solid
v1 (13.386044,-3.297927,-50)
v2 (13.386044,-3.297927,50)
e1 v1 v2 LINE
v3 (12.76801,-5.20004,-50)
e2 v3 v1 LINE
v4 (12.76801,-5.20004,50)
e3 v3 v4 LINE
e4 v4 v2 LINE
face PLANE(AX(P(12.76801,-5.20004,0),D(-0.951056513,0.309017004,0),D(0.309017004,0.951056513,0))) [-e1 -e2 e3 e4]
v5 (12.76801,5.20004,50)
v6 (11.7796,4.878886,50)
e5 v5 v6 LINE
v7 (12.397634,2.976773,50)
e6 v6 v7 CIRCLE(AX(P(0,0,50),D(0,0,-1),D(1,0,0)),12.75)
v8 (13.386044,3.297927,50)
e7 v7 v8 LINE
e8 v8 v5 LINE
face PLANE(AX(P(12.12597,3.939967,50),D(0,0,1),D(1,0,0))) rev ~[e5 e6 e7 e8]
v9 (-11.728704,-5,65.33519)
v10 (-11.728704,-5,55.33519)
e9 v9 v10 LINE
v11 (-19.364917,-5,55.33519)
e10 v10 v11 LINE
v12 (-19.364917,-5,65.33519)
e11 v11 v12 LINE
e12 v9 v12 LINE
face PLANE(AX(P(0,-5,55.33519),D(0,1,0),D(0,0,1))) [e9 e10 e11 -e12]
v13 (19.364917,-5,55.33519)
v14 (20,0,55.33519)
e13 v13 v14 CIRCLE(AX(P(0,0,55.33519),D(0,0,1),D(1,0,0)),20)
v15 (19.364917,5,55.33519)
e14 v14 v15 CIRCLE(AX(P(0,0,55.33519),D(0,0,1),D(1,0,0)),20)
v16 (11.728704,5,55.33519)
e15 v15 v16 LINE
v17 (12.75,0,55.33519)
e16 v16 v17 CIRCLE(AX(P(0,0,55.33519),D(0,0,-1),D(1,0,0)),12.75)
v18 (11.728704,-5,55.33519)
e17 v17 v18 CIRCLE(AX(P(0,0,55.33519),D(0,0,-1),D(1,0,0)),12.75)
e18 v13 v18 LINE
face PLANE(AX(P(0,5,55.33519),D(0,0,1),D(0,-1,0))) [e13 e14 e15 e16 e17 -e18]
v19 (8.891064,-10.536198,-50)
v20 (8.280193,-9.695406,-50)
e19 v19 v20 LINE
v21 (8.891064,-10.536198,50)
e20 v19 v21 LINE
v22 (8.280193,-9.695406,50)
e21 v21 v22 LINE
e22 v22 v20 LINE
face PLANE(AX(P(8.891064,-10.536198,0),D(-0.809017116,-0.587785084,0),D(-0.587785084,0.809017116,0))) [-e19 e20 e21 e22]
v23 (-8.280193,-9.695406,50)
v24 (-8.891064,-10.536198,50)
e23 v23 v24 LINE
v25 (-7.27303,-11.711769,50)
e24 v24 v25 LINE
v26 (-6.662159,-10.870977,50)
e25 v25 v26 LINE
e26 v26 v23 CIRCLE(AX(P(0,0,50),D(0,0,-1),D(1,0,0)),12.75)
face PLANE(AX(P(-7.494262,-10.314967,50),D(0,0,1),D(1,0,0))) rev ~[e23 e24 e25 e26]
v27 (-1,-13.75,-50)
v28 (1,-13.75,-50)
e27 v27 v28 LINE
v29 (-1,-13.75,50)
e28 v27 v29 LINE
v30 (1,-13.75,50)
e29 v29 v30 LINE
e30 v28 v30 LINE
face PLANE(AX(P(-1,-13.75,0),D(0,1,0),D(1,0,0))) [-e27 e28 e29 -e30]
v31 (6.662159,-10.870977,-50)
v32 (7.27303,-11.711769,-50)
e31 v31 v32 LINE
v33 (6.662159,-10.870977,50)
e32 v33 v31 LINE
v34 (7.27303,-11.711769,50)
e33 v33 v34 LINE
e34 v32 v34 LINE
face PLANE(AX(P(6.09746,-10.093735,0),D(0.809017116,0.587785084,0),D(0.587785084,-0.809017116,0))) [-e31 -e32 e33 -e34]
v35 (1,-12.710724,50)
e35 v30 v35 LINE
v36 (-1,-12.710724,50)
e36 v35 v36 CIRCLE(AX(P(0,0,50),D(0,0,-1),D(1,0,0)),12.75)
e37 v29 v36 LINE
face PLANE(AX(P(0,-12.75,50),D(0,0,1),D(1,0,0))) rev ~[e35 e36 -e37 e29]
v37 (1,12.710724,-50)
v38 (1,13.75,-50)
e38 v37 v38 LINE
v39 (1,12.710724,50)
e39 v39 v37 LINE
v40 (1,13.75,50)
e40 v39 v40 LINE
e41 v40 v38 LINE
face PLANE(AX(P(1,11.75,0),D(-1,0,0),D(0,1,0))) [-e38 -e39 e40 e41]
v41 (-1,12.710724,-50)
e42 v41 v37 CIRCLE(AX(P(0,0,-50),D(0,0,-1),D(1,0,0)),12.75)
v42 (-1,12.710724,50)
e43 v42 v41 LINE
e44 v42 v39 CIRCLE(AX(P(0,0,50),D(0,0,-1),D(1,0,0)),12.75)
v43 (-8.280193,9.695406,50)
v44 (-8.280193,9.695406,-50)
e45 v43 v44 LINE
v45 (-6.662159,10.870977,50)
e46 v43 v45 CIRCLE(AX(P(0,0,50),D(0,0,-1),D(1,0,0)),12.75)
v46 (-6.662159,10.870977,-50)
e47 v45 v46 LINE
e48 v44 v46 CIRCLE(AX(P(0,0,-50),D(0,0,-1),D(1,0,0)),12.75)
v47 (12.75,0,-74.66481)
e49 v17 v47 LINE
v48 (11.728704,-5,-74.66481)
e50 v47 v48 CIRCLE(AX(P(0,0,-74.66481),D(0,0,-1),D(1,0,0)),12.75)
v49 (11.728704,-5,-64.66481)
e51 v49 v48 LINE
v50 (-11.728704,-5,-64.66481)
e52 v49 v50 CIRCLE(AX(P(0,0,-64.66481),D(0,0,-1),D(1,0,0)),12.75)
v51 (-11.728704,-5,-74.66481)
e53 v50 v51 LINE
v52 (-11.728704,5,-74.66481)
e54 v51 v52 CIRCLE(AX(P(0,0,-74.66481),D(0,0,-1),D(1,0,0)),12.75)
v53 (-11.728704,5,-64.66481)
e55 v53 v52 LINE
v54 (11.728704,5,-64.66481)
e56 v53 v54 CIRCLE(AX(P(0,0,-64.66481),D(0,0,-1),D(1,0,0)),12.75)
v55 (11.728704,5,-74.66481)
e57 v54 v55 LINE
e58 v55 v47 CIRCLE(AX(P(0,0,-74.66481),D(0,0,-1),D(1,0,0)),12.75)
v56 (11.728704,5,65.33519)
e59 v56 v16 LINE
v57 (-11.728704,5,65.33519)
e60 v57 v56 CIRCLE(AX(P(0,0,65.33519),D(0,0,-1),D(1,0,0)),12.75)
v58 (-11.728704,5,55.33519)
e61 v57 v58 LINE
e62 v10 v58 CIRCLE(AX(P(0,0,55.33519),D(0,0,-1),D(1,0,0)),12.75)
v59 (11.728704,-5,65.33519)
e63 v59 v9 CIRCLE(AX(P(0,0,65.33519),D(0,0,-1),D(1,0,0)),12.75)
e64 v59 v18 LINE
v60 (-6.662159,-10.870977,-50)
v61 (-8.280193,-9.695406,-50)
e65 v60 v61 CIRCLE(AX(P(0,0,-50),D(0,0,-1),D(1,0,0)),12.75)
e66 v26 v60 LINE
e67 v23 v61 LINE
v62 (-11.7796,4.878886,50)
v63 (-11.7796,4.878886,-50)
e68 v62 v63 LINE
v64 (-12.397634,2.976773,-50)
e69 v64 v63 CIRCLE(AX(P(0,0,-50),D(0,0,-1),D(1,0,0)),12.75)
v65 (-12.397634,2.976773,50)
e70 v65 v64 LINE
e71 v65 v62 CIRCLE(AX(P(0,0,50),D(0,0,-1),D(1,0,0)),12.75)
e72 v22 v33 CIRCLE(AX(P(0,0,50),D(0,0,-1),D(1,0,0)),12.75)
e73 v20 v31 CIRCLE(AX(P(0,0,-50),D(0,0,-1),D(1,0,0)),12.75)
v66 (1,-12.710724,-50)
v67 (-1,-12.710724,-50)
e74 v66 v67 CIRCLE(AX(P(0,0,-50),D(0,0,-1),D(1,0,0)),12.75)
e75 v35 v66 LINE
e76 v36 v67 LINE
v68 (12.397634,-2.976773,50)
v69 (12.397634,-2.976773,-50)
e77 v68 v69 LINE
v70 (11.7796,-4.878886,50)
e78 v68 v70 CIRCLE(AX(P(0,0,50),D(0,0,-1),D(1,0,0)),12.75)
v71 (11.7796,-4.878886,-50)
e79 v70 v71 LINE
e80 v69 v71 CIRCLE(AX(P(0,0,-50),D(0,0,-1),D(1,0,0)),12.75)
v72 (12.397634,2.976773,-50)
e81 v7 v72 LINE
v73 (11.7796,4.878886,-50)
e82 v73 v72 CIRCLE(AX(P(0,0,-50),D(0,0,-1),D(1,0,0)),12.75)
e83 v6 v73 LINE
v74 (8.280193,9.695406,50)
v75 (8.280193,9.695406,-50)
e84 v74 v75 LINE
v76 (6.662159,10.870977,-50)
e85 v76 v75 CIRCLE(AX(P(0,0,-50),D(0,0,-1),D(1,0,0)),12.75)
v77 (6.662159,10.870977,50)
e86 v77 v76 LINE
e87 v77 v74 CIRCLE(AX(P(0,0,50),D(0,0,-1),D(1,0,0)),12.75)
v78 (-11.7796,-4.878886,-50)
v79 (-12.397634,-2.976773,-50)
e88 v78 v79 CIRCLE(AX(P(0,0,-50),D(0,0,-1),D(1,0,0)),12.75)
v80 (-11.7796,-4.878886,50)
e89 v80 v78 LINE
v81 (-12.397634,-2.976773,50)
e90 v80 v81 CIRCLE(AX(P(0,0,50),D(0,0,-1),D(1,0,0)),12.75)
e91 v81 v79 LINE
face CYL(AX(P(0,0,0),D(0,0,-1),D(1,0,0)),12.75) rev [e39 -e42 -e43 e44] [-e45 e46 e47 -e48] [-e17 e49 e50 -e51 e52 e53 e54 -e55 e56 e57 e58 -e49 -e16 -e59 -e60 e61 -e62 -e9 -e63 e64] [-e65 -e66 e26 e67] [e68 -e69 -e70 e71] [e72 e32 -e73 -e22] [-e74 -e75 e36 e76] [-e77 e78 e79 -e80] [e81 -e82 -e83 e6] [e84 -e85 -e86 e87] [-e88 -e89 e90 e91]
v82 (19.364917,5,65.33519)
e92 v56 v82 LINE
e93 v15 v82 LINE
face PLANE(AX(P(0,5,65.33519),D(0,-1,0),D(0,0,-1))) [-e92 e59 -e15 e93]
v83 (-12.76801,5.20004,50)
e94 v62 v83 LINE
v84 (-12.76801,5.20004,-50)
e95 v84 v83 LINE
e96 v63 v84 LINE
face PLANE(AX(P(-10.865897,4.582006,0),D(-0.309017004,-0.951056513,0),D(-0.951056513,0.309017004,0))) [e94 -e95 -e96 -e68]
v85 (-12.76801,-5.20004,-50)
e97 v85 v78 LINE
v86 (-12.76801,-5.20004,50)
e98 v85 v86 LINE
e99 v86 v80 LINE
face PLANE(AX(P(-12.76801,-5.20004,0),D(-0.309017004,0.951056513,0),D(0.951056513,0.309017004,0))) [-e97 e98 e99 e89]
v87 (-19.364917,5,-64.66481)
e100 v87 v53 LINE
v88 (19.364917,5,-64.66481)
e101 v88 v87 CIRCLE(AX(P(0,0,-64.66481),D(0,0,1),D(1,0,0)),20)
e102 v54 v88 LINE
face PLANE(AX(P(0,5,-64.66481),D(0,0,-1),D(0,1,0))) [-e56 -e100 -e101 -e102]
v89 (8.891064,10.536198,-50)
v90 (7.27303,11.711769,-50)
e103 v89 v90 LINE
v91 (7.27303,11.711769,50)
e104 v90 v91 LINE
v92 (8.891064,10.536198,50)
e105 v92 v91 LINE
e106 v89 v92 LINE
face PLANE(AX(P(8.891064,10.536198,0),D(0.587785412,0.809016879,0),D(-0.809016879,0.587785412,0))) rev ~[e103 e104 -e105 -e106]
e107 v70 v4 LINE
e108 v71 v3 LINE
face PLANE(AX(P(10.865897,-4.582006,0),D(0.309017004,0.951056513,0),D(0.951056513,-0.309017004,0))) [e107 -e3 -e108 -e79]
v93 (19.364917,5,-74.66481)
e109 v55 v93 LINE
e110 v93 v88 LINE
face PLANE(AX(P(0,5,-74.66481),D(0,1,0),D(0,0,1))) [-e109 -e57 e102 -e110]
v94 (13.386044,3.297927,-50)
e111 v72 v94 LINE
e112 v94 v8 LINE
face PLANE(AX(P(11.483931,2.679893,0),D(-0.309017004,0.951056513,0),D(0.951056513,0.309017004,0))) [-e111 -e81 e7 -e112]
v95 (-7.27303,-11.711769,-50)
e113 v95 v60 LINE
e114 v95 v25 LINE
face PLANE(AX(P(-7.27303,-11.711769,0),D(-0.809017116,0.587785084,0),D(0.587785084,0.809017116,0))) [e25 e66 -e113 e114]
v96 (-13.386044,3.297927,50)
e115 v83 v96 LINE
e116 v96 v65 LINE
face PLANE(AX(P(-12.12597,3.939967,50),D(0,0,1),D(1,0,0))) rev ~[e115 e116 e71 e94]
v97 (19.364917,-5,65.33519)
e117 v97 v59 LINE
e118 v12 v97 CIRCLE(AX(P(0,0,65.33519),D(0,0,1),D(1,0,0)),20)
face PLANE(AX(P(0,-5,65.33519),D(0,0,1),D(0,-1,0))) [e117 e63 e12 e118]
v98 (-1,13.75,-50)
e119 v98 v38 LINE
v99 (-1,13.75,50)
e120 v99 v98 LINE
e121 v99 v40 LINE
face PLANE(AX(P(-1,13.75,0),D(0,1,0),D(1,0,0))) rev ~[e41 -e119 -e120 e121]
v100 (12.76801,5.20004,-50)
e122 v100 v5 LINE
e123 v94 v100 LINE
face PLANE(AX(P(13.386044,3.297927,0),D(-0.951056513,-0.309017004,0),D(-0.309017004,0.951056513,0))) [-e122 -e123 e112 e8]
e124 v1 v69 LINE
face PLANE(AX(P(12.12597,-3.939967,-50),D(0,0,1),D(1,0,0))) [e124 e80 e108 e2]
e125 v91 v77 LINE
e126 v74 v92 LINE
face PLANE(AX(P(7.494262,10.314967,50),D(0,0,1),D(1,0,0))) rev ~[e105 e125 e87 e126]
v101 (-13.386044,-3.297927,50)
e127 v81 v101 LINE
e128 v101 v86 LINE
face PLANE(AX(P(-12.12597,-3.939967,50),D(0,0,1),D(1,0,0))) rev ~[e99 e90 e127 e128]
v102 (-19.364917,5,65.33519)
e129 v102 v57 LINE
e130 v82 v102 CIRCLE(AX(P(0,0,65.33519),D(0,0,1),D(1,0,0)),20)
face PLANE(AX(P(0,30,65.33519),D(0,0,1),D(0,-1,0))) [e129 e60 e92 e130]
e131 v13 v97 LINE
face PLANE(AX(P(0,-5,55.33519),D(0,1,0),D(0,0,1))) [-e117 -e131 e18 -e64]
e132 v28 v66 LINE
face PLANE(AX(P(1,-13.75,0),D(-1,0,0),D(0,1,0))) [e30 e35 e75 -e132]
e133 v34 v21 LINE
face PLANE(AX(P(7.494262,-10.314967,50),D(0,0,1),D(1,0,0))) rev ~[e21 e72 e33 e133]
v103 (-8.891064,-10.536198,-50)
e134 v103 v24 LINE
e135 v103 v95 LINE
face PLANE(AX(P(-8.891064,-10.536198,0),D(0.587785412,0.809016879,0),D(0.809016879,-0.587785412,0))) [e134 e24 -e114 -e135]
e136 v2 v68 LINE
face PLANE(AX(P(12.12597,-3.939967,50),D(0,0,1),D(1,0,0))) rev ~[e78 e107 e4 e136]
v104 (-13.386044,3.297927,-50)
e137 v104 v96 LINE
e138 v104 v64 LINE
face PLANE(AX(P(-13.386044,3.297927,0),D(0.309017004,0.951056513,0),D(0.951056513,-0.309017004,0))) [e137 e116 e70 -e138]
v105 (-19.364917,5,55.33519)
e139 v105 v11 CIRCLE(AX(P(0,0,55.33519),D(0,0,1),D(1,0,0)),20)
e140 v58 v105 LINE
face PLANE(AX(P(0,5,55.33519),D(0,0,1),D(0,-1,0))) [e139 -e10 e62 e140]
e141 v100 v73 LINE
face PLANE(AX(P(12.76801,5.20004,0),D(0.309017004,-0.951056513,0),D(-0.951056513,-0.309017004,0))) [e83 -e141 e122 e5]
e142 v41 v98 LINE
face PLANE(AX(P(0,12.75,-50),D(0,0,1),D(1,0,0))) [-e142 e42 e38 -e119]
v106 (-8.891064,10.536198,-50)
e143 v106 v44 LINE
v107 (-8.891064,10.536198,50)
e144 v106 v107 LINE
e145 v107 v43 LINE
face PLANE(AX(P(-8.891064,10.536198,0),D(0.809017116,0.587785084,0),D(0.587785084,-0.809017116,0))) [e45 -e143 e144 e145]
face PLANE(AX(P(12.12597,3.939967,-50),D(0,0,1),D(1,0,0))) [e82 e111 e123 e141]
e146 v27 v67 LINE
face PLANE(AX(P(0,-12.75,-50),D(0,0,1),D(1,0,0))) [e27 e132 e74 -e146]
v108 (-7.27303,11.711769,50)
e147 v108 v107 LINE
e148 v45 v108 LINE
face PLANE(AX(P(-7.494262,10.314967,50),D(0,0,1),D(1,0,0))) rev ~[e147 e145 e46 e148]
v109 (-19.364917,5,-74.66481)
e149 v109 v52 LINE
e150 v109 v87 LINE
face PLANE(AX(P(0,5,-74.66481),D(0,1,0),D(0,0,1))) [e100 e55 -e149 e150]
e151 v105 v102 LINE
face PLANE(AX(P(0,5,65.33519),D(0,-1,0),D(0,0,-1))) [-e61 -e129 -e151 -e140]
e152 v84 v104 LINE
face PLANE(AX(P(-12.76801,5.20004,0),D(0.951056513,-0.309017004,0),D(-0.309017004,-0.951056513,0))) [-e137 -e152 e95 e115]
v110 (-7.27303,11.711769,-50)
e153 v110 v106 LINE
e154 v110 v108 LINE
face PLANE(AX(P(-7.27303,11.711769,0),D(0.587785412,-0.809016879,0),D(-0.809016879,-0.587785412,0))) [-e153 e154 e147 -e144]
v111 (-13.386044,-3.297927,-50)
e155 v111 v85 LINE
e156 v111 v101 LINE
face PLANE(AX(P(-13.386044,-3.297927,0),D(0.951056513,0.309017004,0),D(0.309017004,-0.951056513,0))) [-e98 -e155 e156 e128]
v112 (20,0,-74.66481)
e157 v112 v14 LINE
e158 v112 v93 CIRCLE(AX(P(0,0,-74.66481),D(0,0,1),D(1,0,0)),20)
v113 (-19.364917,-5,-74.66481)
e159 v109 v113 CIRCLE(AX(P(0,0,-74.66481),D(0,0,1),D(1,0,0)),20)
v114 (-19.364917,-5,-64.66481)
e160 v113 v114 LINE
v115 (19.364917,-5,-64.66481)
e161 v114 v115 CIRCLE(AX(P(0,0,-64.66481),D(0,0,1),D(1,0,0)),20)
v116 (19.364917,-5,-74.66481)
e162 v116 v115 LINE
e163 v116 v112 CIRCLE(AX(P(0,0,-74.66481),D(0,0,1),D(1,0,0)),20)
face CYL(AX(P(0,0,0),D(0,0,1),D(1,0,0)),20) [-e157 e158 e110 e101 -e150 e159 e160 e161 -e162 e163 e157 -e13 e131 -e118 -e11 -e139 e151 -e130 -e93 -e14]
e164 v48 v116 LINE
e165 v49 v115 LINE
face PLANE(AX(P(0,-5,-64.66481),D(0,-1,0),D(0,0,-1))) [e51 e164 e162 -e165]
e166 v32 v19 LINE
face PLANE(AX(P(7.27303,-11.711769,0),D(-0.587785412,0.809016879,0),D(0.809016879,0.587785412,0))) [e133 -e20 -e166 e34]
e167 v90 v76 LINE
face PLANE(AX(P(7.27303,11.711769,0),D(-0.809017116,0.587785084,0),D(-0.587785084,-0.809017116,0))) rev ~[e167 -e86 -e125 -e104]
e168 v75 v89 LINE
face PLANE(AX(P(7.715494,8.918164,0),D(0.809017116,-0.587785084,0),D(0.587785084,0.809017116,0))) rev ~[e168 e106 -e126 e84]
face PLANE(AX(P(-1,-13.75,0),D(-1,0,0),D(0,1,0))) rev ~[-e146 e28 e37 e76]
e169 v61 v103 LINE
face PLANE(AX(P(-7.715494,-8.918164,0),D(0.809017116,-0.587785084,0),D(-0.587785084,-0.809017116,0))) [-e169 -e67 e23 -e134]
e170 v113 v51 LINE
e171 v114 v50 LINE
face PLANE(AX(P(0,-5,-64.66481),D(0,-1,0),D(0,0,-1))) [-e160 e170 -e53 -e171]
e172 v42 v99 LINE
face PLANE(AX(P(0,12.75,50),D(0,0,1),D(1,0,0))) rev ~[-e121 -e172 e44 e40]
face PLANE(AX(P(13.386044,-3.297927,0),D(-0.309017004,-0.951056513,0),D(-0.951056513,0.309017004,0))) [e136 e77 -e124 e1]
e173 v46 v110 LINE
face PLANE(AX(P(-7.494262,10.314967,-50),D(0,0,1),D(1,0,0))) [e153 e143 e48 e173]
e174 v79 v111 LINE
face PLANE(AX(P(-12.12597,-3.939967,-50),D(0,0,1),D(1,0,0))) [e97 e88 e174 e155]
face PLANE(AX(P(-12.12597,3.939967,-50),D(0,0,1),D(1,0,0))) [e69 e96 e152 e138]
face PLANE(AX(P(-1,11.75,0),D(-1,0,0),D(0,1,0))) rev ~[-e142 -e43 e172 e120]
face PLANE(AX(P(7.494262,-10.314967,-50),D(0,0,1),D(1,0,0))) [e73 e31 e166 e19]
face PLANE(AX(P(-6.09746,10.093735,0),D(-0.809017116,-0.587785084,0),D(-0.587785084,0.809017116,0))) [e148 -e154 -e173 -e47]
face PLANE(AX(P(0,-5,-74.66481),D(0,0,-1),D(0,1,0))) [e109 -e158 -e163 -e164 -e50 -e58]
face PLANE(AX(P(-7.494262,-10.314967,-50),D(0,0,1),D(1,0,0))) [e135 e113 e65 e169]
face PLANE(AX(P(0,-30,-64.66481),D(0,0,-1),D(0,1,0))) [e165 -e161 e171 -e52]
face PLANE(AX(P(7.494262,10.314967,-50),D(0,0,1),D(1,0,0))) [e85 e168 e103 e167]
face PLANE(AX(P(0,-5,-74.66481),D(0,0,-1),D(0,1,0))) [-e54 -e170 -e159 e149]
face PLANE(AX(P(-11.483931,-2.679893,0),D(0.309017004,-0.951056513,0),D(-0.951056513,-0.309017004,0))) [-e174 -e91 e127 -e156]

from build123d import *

# Parameters (mm, degrees)
F0_R     = 20
F0_R_2   = 12.75
F1_DEPTH = 100
F3_DEPTH = 25
F4_W     = 2
F4_H     = 2
F5_DEPTH = 50


with BuildPart() as f1:
    # F0 (on Top) → F1 (new body, symmetric)
    with BuildSketch(Plane.XY):
        Circle(F0_R)
        Circle(F0_R_2, mode=Mode.SUBTRACT)
    extrude(amount=F1_DEPTH, both=True)

    # F2 (on Right) → F3 (intersect, symmetric)
    with BuildSketch(Plane.YZ):
        Polygon((-5, 65.33519), (-30, 65.33519), (-30, -64.66481), (-5, -64.66481), (-5, -74.66481), (5, -74.66481), (5, -64.66481), (30, -64.66481), (30, 65.33519), (5, 65.33519), (5, 55.33519), (-5, 55.33519), align=None)
    extrude(amount=F3_DEPTH, both=True, mode=Mode.INTERSECT)

    # F4 (on Top) → F5 (cut, symmetric)
    with BuildSketch(Plane.XY):
        with Locations((0, 12.75)):
            Rectangle(F4_W, F4_H)
        Polygon((-6.09746, 10.093735), (-7.27303, 11.711769), (-8.891064, 10.536198), (-7.715494, 8.918164), align=None)
        Polygon((-10.865897, 4.582006), (-12.76801, 5.20004), (-13.386044, 3.297927), (-11.483931, 2.679893), align=None)
        Polygon((-11.483931, -2.679893), (-13.386044, -3.297927), (-12.76801, -5.20004), (-10.865897, -4.582006), align=None)
        Polygon((-7.715494, -8.918164), (-8.891064, -10.536198), (-7.27303, -11.711769), (-6.09746, -10.093735), align=None)
        with Locations((0, -12.75)):
            Rectangle(F4_W, F4_H)
        Polygon((6.09746, -10.093735), (7.27303, -11.711769), (8.891064, -10.536198), (7.715494, -8.918164), align=None)
        Polygon((10.865897, -4.582006), (12.76801, -5.20004), (13.386044, -3.297927), (11.483931, -2.679893), align=None)
        Polygon((11.483931, 2.679893), (13.386044, 3.297927), (12.76801, 5.20004), (10.865897, 4.582006), align=None)
        Polygon((7.715494, 8.918164), (8.891064, 10.536198), (7.27303, 11.711769), (6.09746, 10.093735), align=None)
    extrude(amount=F5_DEPTH, both=True, mode=Mode.SUBTRACT)


solid = f1.part
